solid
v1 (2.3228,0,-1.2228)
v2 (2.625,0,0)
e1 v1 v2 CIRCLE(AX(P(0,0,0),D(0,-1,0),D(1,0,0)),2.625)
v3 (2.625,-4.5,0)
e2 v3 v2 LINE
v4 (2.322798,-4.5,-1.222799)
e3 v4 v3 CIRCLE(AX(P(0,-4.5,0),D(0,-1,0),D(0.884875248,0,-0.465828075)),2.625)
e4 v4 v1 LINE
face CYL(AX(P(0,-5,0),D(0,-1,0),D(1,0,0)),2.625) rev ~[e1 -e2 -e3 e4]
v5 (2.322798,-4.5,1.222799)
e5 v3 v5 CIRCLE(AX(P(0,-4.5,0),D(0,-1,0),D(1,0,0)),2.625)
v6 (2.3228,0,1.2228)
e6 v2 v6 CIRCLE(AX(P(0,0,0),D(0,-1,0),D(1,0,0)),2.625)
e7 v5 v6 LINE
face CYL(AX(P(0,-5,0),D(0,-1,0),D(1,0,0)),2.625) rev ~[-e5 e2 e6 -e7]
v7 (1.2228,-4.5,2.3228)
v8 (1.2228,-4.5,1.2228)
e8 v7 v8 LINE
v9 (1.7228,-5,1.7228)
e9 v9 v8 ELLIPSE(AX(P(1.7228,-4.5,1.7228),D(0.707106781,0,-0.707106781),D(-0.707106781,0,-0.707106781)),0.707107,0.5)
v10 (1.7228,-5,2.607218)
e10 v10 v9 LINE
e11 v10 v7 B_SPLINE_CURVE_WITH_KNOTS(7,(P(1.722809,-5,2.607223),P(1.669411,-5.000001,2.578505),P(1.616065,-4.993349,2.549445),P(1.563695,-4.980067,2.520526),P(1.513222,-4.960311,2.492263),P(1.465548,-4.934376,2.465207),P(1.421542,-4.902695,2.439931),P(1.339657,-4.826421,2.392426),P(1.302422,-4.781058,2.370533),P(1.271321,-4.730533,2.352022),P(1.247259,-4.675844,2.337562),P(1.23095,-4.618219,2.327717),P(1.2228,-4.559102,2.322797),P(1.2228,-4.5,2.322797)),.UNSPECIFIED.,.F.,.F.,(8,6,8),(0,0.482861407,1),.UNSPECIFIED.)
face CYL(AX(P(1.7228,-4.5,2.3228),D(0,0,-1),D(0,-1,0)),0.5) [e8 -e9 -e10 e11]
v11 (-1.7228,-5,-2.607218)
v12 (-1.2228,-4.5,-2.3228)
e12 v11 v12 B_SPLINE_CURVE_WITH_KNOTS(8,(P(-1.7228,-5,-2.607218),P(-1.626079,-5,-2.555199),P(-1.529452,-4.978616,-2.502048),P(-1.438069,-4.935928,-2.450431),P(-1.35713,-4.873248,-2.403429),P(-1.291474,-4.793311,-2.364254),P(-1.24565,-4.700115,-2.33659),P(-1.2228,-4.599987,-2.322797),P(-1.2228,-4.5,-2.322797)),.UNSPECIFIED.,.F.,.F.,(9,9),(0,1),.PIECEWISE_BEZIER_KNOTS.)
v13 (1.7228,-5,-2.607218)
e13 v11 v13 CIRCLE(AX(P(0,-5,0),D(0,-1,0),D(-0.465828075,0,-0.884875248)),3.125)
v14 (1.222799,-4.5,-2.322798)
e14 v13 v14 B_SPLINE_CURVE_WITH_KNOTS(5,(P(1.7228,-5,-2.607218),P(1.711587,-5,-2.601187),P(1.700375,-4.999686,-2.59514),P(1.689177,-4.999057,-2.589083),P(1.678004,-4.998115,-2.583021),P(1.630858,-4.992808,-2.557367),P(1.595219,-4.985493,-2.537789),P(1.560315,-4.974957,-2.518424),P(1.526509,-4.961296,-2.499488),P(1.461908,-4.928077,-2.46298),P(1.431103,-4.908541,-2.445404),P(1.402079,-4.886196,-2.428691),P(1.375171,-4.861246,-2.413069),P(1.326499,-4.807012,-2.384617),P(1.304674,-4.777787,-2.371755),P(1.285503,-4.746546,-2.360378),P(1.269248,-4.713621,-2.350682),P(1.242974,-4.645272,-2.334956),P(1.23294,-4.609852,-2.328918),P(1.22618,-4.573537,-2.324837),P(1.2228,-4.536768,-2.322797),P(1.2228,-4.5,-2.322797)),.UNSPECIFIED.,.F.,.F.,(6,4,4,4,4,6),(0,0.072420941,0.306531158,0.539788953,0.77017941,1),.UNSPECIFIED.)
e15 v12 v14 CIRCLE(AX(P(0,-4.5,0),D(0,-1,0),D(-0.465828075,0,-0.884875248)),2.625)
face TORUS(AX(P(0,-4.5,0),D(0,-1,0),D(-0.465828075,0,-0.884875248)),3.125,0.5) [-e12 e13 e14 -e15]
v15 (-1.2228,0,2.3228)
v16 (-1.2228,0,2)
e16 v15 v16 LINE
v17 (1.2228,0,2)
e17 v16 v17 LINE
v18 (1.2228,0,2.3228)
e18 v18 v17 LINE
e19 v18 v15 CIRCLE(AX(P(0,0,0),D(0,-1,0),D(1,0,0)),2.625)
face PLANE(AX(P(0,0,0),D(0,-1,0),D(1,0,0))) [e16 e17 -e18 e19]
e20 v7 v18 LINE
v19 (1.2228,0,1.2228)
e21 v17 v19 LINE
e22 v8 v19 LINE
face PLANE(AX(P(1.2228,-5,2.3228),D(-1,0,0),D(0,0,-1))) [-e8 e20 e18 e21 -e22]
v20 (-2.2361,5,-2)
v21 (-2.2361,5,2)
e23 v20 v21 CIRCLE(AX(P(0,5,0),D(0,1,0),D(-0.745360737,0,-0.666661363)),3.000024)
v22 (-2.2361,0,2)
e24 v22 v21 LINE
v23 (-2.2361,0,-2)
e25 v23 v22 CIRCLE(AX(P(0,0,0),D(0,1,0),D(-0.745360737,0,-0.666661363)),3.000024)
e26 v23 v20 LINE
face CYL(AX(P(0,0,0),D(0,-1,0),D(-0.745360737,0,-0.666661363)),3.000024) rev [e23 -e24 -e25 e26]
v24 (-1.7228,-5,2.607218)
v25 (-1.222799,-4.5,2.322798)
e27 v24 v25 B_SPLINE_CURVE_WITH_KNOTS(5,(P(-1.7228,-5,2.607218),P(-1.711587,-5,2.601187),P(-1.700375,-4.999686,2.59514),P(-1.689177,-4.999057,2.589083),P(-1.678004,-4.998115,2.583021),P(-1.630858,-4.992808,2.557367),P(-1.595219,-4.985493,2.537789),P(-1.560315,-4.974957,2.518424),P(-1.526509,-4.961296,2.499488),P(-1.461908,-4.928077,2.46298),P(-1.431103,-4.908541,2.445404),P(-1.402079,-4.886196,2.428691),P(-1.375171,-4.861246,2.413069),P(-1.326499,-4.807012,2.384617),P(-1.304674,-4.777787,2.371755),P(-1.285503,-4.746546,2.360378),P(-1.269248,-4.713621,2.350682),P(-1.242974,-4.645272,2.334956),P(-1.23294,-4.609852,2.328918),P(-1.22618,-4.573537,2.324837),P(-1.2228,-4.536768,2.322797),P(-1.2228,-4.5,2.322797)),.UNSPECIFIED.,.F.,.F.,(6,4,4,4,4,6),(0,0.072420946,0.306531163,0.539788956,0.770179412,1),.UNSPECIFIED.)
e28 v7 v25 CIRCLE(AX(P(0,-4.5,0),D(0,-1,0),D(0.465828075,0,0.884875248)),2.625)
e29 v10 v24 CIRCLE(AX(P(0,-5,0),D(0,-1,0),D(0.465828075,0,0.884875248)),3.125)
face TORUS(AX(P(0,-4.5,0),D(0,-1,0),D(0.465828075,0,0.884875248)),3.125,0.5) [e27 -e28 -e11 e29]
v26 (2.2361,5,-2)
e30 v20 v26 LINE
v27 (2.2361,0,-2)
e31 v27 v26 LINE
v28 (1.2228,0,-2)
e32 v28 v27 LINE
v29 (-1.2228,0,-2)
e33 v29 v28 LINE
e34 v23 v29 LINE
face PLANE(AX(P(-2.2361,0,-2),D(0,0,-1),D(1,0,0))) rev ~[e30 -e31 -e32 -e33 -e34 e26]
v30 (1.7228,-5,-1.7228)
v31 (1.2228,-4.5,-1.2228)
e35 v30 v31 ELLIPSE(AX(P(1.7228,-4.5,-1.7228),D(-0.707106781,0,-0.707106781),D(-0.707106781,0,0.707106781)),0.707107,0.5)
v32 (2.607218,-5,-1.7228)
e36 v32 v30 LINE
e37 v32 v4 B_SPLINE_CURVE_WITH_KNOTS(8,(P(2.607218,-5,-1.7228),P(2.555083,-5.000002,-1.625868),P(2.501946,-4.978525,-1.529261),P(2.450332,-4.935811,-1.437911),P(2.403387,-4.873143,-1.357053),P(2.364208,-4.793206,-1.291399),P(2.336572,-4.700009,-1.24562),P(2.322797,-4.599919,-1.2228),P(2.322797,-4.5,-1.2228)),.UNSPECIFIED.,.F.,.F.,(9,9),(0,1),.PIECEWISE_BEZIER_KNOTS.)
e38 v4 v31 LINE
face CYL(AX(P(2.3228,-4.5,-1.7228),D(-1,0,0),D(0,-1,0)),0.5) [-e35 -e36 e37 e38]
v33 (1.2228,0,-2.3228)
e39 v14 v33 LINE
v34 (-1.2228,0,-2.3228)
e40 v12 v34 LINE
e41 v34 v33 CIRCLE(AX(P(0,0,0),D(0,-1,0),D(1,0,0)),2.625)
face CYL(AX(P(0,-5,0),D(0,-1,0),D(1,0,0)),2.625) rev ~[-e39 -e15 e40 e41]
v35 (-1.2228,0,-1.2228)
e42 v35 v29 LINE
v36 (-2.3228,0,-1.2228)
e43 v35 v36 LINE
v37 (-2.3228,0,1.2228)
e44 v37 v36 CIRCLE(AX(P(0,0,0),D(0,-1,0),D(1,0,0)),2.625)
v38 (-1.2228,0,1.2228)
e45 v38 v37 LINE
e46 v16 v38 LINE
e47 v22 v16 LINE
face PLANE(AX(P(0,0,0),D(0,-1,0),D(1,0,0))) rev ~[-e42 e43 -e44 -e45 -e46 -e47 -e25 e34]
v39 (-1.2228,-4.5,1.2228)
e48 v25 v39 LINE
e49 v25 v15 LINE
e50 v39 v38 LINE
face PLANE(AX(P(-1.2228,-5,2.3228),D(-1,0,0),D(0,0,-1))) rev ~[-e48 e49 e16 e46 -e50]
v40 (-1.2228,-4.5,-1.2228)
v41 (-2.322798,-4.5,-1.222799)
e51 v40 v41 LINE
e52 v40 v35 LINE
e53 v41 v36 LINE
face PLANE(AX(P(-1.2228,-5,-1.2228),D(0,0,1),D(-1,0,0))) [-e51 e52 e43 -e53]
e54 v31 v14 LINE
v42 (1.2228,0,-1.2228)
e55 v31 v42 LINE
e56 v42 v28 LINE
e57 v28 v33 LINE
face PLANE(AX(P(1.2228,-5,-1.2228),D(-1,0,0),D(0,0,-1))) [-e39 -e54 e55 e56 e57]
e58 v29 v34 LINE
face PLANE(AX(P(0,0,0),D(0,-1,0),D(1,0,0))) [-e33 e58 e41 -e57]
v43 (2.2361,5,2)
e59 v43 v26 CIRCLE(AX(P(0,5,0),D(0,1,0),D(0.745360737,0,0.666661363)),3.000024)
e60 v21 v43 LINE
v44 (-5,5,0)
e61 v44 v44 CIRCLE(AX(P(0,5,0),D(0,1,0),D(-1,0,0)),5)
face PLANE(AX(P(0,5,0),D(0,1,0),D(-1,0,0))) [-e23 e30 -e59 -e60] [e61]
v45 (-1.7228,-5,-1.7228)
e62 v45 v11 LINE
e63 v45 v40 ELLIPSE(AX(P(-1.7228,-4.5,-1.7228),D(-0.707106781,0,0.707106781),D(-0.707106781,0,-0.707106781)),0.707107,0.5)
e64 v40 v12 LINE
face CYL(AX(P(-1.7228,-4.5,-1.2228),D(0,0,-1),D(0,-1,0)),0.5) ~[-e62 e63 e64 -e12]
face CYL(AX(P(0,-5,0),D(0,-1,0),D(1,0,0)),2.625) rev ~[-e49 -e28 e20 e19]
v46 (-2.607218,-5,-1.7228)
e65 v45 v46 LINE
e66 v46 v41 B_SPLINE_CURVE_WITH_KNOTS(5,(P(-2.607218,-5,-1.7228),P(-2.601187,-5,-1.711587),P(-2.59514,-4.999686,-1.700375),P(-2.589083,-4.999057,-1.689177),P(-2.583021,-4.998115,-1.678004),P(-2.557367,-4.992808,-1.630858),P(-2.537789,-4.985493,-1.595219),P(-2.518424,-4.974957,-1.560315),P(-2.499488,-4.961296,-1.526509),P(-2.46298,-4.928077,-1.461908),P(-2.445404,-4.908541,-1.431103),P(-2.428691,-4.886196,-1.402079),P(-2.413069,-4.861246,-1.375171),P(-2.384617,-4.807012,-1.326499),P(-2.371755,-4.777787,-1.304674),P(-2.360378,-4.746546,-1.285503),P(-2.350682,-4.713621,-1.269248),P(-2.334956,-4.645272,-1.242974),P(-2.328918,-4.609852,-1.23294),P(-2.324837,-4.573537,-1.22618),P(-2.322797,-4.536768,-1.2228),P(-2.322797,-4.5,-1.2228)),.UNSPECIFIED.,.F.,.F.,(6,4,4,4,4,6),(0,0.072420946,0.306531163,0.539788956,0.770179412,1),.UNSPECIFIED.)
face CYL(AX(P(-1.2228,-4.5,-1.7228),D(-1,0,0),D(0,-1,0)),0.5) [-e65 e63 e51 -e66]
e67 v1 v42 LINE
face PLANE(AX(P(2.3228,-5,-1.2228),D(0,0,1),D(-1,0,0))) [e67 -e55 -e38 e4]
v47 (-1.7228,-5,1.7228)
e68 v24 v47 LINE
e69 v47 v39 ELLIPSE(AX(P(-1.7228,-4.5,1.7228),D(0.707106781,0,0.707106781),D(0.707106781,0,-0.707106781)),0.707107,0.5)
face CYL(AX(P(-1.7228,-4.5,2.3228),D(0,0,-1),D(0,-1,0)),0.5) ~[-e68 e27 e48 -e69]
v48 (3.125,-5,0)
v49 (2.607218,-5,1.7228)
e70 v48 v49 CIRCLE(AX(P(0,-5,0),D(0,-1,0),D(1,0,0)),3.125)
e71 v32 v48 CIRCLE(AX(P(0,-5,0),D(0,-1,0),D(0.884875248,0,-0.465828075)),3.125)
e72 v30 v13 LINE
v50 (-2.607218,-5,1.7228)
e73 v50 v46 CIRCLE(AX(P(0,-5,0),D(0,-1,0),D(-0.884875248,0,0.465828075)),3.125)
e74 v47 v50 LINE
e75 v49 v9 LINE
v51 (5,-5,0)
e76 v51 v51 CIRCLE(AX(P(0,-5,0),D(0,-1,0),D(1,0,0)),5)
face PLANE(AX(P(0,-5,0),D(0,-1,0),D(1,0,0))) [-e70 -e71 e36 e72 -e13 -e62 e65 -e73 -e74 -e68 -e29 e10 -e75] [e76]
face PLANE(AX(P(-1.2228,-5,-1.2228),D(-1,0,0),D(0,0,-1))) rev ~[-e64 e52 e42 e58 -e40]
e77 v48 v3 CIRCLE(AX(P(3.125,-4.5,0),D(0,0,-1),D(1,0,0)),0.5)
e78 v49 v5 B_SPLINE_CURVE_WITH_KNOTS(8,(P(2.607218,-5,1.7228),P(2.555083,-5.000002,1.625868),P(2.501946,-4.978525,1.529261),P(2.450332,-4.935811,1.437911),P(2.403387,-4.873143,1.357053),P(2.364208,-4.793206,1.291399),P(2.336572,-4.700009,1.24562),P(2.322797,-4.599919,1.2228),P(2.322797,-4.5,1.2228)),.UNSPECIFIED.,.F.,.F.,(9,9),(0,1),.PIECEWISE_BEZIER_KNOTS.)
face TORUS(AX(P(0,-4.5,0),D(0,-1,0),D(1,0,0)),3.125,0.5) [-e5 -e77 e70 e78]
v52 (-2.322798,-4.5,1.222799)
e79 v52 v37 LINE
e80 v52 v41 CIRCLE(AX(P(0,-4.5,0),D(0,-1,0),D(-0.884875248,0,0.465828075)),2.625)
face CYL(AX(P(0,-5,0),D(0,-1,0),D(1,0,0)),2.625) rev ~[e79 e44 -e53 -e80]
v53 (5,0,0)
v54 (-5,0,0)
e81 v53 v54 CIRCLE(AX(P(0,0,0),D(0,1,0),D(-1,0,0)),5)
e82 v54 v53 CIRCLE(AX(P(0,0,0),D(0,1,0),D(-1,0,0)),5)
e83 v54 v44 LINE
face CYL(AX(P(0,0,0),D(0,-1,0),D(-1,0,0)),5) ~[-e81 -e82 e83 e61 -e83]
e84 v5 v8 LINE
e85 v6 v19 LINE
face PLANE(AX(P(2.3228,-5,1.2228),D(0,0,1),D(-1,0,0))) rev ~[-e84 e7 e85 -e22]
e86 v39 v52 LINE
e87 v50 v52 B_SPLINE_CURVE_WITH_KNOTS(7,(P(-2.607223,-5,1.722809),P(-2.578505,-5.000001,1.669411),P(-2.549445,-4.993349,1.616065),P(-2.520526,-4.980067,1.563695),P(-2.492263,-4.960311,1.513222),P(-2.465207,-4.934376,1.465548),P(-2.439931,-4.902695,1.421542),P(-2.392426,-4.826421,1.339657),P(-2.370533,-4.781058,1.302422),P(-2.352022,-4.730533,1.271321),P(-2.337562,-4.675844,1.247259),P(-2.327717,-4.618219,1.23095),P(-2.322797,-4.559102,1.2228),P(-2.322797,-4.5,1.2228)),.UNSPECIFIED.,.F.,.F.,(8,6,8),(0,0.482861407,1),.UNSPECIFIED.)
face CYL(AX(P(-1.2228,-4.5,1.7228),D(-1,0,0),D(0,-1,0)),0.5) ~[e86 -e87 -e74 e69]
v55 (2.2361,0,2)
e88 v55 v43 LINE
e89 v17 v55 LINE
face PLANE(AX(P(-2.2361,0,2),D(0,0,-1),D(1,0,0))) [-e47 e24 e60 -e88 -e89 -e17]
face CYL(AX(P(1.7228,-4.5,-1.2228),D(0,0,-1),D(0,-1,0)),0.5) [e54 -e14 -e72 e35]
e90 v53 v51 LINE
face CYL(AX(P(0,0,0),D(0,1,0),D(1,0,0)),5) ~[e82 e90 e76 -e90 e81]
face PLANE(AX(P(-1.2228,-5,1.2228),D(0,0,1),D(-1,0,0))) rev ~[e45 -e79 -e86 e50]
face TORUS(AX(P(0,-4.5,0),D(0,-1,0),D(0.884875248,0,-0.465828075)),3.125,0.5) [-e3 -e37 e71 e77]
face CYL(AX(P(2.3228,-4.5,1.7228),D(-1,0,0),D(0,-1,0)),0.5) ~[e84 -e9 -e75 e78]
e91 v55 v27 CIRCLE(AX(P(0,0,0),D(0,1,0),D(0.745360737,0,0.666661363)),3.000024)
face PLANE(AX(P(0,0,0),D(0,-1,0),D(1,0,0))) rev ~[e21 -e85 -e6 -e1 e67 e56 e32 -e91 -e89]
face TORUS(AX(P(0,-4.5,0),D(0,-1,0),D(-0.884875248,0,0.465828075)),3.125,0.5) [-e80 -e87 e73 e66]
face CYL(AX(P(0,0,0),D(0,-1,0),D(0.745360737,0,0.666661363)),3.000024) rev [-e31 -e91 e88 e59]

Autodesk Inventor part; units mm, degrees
ref_plane "YZ Plane" through (0, 0, 0) normal (1, 0, 0) x (0, 1, 0)
ref_plane "XZ Plane" through (0, 0, 0) normal (0, 1, 0) x (-1, 0, 0)
ref_plane "XY Plane" through (0, 0, 0) normal (0, 0, 1) x (1, 0, 0)
sketch "Sketch1" plane through (0, 0, 0) normal (0, 1, 0) x (-1, 0, 0)
  line L0 (2.2361, -2) -> (-2.2361, -2)
  line L1 (2.2361, 2) -> (-2.2361, 2)
  arc A0 (2.2361, -2) -> (2.2361, 2) centre (0, 0) ccw
  arc A1 (-2.2361, 2) -> (-2.2361, -2) centre (0, 0) ccw
  circle A2 centre (0, 0) radius 5
  dimension "d1" = 2
  dimension "d2" = 2
  dimension "d3" = 10
  dimension "d20" = 3
  dimension "d21" = 3
extrude "Extrusion1" add sketch "Sketch1" along normal blind 5
sketch "Sketch2" plane through (0, 0, 0) normal (0, -1, 0) x (1, 0, 0)
  circle A0 centre (0, 0) radius 5
  dimension "d19" = 10
extrude "Extrusion2" add sketch "Sketch2" along normal blind 5
sketch "Sketch3" plane through (0, -5, 0) normal (0, -1, 0) x (1, 0, 0)
  circle A0 centre (0, 0) radius 2.625
  line L0 (1.2228, 2.3228) -> (1.2228, 1.2228)
  line L1 (1.2228, -1.2228) -> (1.2228, -2.3228)
  line L2 (2.3228, -1.2228) -> (1.2228, -1.2228)
  line L3 (-1.2228, -1.2228) -> (-2.3228, -1.2228)
  line L4 (2.3228, 1.2228) -> (1.2228, 1.2228)
  line L5 (-1.2228, 1.2228) -> (-2.3228, 1.2228)
  line L6 (-1.2228, 2.3228) -> (-1.2228, 1.2228)
  line L7 (-1.2228, -1.2228) -> (-1.2228, -2.3228)
  dimension "d10" = 5.25
  dimension "d22" = 1.1
  dimension "d23" = 1.1
  dimension "d24" = 1.1
  dimension "d25" = 1.1
  dimension "d26" = 1.1
  dimension "d27" = 1.1
  dimension "d28" = 1.1
  dimension "d29" = 1.1
extrude "Extrusion3" cut sketch "Sketch3" against normal blind 5 contours A0 L2 L1 L7 L3 L5 L6 L0 L4
fillet "Fillet2" radius 0.5 12 edges at (2.625, -5, 0) (1.7728, -5, 1.2228) (1.2228, -5, 1.7728) (0, -5, 2.625) (-1.2228, -5, 1.7728) (-2.625, -5, 0) (-1.7728, -5, 1.2228) (-1.7728, -5, -1.2228) (-1.2228, -5, -1.7728) (0, -5, -2.625) (1.7728, -5, -1.2228) (1.2228, -5, -1.7728)
equation "\"d23\" = d22"
equation "\"d24\" = d22"
equation "\"d25\" = d22"
equation "\"d26\" = d22"
equation "\"d27\" = d22"
equation "\"d28\" = d22"
equation "\"d29\" = d22"
properties part number "dif-coupler"
